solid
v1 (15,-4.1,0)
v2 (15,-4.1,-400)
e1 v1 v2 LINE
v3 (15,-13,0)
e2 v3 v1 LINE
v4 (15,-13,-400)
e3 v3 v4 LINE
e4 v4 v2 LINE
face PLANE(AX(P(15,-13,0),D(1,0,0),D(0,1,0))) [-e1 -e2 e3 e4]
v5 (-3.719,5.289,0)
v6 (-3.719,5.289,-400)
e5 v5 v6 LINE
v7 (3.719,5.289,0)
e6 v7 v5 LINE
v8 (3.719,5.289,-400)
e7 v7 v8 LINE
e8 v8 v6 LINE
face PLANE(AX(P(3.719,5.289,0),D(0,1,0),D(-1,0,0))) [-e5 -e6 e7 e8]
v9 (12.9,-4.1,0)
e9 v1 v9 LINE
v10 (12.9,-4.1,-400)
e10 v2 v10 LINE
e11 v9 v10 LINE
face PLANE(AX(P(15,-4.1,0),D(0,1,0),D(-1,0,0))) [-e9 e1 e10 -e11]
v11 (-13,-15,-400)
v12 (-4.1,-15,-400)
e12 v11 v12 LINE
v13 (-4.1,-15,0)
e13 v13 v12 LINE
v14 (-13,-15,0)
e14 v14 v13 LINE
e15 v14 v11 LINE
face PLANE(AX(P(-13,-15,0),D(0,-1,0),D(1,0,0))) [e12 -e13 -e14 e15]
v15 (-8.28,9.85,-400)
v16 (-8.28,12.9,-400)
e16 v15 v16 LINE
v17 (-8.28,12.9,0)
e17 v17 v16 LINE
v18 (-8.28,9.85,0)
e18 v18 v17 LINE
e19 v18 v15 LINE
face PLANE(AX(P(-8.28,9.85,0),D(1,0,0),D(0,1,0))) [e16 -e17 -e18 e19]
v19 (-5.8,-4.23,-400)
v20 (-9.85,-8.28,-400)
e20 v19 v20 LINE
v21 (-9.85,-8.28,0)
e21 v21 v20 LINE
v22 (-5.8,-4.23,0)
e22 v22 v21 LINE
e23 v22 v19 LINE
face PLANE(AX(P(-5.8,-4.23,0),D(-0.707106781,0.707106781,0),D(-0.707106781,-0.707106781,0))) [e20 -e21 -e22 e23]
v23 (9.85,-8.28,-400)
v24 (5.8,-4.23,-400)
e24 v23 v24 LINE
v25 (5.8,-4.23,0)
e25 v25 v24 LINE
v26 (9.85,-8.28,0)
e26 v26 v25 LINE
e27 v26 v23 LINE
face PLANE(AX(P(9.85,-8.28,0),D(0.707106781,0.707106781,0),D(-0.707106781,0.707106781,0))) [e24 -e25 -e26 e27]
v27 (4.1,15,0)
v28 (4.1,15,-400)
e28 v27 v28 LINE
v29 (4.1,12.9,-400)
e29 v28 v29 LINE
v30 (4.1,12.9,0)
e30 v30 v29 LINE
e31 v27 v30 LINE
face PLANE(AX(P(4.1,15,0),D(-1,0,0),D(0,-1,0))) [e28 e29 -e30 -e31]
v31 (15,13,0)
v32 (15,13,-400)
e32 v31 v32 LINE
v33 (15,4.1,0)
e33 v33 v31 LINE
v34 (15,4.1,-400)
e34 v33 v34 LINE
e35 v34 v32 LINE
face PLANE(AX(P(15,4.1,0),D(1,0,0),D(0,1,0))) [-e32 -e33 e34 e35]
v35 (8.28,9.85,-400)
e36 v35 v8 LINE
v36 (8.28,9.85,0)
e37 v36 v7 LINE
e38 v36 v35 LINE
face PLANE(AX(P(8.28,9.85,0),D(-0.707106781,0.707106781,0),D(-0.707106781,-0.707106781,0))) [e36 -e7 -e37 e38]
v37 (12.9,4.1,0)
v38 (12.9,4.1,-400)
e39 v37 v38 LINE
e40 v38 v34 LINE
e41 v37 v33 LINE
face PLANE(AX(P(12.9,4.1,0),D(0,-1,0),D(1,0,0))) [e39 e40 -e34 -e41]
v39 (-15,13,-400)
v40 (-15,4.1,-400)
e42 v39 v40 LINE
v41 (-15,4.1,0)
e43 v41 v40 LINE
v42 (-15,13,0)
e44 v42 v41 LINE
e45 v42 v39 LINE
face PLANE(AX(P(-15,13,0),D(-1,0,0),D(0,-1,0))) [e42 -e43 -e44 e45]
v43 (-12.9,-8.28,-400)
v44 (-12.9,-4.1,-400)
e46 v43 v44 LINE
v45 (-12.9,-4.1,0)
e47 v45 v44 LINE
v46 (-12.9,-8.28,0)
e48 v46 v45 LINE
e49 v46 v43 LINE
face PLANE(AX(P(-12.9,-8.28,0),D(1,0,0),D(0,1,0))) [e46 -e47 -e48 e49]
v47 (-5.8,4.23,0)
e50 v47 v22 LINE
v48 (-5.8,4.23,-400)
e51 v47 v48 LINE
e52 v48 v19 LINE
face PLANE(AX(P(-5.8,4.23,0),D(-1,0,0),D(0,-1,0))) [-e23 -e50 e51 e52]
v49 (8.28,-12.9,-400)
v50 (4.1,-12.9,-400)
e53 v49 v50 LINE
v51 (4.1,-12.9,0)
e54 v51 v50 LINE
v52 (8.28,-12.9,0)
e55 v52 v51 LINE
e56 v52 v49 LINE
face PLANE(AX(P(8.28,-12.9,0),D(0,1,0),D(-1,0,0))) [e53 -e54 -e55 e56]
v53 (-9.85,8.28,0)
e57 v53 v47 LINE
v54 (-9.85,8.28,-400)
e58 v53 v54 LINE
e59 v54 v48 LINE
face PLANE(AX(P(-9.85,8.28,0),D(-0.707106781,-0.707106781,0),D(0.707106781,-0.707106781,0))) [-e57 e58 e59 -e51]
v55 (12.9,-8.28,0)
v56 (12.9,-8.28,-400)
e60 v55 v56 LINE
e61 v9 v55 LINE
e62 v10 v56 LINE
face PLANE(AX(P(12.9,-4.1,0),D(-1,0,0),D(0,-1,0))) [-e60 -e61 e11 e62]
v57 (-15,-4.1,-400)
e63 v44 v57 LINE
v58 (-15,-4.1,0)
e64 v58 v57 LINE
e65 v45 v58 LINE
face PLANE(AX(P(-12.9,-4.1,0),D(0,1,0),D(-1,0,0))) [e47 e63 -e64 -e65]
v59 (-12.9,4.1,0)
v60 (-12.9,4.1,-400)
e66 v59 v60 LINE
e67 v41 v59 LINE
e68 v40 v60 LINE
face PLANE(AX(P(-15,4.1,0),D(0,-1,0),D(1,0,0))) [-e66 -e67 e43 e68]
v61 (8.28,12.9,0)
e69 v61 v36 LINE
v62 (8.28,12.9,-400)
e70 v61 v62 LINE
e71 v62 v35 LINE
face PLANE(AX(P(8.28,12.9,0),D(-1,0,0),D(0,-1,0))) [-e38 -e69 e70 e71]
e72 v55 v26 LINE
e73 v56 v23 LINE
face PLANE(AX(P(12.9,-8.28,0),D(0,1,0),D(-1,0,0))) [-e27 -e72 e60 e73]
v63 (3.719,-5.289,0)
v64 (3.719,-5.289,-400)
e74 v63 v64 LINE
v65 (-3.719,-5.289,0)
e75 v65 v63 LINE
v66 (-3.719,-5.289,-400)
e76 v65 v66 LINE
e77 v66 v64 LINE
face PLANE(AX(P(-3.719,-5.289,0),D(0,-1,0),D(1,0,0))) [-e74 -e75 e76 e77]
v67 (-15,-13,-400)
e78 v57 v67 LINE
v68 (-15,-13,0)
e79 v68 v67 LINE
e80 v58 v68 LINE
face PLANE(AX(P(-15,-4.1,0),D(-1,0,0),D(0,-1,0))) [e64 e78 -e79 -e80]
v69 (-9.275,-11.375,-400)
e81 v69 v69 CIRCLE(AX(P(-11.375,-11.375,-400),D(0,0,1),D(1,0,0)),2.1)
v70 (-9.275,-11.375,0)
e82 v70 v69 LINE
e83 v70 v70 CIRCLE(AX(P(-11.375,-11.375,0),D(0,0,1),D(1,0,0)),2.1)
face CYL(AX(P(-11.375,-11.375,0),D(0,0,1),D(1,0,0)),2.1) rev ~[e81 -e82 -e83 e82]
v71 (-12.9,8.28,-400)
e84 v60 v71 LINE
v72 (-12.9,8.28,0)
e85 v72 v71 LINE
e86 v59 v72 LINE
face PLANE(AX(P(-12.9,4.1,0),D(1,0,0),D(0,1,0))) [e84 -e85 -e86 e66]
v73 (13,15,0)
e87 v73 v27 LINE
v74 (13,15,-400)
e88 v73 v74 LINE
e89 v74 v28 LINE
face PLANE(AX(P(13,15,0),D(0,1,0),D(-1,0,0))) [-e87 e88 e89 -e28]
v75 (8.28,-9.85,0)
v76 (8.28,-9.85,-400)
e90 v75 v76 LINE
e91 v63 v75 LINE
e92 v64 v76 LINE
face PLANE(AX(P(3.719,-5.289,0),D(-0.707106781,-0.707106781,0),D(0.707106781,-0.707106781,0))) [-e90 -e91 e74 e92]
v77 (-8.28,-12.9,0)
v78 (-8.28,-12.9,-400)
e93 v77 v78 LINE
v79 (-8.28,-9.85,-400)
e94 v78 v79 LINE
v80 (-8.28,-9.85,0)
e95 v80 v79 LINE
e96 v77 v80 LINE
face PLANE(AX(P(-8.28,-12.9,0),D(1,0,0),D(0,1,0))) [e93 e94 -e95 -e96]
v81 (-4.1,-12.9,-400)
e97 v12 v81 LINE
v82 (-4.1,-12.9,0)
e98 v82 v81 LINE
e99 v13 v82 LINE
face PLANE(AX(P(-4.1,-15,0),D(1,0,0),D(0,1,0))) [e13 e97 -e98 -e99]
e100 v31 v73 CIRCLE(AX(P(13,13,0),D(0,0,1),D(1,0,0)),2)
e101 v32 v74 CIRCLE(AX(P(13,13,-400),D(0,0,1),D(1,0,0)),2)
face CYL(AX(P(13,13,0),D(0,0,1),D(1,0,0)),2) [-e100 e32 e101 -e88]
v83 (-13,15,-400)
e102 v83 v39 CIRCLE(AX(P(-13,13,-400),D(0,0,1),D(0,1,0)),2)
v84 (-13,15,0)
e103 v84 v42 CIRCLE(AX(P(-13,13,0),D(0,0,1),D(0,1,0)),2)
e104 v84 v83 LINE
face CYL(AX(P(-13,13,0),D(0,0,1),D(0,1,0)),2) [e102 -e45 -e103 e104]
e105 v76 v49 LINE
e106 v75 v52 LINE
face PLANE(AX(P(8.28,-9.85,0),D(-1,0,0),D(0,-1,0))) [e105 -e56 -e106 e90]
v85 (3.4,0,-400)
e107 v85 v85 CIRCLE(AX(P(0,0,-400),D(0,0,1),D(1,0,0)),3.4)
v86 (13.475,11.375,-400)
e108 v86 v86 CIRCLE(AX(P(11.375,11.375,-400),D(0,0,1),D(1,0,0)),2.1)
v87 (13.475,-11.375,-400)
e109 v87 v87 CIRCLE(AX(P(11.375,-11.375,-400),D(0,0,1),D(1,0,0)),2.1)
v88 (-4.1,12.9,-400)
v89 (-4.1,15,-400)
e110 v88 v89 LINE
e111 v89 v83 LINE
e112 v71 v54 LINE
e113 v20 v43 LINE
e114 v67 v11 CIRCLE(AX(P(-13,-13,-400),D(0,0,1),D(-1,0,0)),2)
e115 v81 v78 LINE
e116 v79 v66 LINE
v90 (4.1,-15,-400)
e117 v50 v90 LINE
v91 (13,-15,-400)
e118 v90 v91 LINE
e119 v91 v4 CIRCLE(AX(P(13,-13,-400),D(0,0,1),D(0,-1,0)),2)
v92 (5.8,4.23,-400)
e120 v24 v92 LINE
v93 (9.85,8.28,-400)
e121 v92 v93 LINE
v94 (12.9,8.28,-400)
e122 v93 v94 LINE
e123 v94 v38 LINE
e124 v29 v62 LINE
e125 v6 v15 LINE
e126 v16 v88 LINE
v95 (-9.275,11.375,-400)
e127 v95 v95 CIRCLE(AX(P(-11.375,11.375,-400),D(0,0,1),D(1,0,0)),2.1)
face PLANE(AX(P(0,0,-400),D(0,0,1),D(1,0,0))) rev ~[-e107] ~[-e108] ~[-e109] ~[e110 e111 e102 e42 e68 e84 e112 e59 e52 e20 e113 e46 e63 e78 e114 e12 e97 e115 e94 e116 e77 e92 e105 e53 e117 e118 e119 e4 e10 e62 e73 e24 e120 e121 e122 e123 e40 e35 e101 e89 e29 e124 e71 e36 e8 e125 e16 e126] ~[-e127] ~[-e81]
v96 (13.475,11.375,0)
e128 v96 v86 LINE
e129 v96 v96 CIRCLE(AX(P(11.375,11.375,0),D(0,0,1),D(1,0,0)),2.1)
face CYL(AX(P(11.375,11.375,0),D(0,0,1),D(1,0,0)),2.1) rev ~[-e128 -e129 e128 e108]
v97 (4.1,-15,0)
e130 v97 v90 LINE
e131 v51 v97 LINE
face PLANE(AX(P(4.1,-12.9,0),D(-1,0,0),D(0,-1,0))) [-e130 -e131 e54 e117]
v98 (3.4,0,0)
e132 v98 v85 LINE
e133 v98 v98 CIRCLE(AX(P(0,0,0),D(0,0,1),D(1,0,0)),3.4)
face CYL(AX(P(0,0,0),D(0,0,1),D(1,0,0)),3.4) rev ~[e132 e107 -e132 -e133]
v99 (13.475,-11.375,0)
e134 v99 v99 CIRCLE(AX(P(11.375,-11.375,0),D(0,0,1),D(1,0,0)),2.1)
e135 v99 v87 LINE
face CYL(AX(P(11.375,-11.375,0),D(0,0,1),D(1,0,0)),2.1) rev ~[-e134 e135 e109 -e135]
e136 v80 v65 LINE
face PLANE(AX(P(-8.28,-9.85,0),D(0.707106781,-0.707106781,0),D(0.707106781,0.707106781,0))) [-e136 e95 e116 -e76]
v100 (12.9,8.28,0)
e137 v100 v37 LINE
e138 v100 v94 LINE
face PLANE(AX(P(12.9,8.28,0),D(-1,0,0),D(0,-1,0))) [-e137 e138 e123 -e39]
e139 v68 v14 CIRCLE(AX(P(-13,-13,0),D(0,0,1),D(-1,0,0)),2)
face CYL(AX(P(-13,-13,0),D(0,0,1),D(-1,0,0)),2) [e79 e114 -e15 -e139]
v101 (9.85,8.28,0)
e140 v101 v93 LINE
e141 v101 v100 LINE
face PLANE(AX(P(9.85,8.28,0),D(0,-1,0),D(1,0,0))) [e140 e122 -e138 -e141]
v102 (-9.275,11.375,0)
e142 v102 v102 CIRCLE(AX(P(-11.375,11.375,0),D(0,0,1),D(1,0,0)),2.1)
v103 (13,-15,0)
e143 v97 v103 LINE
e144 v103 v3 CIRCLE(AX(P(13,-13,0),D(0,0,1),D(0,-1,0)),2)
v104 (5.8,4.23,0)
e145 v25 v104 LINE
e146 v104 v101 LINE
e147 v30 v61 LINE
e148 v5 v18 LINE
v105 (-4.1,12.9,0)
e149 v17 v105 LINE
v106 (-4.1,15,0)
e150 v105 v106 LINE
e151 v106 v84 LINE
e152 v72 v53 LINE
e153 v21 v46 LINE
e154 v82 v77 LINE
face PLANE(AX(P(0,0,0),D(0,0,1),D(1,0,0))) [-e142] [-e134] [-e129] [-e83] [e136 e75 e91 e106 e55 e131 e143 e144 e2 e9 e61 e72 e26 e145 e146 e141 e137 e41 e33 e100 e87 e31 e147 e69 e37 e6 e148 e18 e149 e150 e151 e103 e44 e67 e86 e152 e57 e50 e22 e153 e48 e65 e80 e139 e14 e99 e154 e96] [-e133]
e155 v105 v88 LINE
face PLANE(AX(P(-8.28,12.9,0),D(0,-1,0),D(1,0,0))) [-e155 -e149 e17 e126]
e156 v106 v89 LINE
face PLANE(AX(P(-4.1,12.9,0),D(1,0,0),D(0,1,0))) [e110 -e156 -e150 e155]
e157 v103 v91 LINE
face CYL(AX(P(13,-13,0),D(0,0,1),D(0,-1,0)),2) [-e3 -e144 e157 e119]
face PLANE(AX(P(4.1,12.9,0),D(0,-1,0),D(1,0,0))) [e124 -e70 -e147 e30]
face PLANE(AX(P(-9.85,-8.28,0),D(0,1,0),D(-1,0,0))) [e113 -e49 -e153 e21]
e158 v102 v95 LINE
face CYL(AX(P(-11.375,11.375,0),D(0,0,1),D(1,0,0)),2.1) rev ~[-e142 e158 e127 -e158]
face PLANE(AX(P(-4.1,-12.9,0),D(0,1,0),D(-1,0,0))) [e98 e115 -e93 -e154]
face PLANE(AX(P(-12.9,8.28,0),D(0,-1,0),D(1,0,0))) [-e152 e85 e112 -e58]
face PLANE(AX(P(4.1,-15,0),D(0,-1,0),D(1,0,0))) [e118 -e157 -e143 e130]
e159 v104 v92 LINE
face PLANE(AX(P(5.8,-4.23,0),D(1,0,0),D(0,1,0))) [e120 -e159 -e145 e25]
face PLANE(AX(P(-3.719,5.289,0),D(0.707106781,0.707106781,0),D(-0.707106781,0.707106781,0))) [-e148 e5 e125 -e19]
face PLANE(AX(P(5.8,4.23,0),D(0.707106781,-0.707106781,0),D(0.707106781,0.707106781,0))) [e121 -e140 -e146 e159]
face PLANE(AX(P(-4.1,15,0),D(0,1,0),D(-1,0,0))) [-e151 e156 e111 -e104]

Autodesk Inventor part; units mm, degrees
ref_plane "YZ Plane" through (0, 0, 0) normal (1, 0, 0) x (0, 1, 0)
ref_plane "XZ Plane" through (0, 0, 0) normal (0, 1, 0) x (-1, 0, 0)
ref_plane "XY Plane" through (0, 0, 0) normal (0, 0, 1) x (1, 0, 0)
sketch "Sketch1" plane through (0, 0, 0) normal (0, 0, 1) x (1, 0, 0)
  circle A0 centre (-11.375, 11.375) radius 2.1
  circle A1 centre (-11.375, -11.375) radius 2.1
  line L0 (-15, 4.1) -> (-12.9, 4.1)
  line L1 (-12.9, 4.1) -> (-12.9, 8.28)
  line L2 (-12.9, 8.28) -> (-9.85, 8.28)
  line L3 (-9.85, 8.28) -> (-5.8, 4.23)
  line L4 (-5.8, 4.23) -> (-5.8, -4.23)
  line L5 (-5.8, -4.23) -> (-9.85, -8.28)
  line L6 (-9.85, -8.28) -> (-12.9, -8.28)
  line L7 (-12.9, -8.28) -> (-12.9, -4.1)
  line L8 (-12.9, -4.1) -> (-15, -4.1)
  line L9 (-15, -4.1) -> (-15, -13)
  arc A2 (-15, -13) -> (-13, -15) centre (-13, -13) ccw
  line L10 (-13, -15) -> (-4.1, -15)
  line L11 (-4.1, -15) -> (-4.1, -12.9)
  line L12 (-4.1, -12.9) -> (-8.28, -12.9)
  line L13 (-8.28, -12.9) -> (-8.28, -9.85)
  line L14 (-8.28, -9.85) -> (-3.719, -5.289)
  line L15 (-3.719, -5.289) -> (3.719, -5.289)
  line L16 (3.719, -5.289) -> (8.28, -9.85)
  line L17 (8.28, -9.85) -> (8.28, -12.9)
  line L18 (8.28, -12.9) -> (4.1, -12.9)
  line L19 (4.1, -12.9) -> (4.1, -15)
  line L20 (4.1, -15) -> (13, -15)
  arc A3 (13, -15) -> (15, -13) centre (13, -13) ccw
  line L21 (15, -13) -> (15, -4.1)
  line L22 (15, -4.1) -> (12.9, -4.1)
  line L23 (12.9, -4.1) -> (12.9, -8.28)
  line L24 (12.9, -8.28) -> (9.85, -8.28)
  line L25 (9.85, -8.28) -> (5.8, -4.23)
  line L26 (5.8, -4.23) -> (5.8, 4.23)
  line L27 (5.8, 4.23) -> (9.85, 8.28)
  line L28 (9.85, 8.28) -> (12.9, 8.28)
  line L29 (12.9, 8.28) -> (12.9, 4.1)
  line L30 (12.9, 4.1) -> (15, 4.1)
  line L31 (15, 4.1) -> (15, 13)
  arc A4 (15, 13) -> (13, 15) centre (13, 13) ccw
  line L32 (13, 15) -> (4.1, 15)
  line L33 (4.1, 15) -> (4.1, 12.9)
  line L34 (4.1, 12.9) -> (8.28, 12.9)
  line L35 (8.28, 12.9) -> (8.28, 9.85)
  line L36 (8.28, 9.85) -> (3.719, 5.289)
  line L37 (3.719, 5.289) -> (-3.719, 5.289)
  line L38 (-3.719, 5.289) -> (-8.28, 9.85)
  line L39 (-8.28, 9.85) -> (-8.28, 12.9)
  line L40 (-8.28, 12.9) -> (-4.1, 12.9)
  line L41 (-4.1, 12.9) -> (-4.1, 15)
  line L42 (-4.1, 15) -> (-13, 15)
  arc A5 (-13, 15) -> (-15, 13) centre (-13, 13) ccw
  line L43 (-15, 13) -> (-15, 4.1)
  circle A6 centre (0, 0) radius 3.4
  circle A7 centre (11.375, 11.375) radius 2.1
  circle A8 centre (11.375, -11.375) radius 2.1
extrude "Extrusion1" add sketch "Sketch1" against normal blind 400
properties part number "Metal Profile 40 cm" material "Aluminum 6061-AHC"
